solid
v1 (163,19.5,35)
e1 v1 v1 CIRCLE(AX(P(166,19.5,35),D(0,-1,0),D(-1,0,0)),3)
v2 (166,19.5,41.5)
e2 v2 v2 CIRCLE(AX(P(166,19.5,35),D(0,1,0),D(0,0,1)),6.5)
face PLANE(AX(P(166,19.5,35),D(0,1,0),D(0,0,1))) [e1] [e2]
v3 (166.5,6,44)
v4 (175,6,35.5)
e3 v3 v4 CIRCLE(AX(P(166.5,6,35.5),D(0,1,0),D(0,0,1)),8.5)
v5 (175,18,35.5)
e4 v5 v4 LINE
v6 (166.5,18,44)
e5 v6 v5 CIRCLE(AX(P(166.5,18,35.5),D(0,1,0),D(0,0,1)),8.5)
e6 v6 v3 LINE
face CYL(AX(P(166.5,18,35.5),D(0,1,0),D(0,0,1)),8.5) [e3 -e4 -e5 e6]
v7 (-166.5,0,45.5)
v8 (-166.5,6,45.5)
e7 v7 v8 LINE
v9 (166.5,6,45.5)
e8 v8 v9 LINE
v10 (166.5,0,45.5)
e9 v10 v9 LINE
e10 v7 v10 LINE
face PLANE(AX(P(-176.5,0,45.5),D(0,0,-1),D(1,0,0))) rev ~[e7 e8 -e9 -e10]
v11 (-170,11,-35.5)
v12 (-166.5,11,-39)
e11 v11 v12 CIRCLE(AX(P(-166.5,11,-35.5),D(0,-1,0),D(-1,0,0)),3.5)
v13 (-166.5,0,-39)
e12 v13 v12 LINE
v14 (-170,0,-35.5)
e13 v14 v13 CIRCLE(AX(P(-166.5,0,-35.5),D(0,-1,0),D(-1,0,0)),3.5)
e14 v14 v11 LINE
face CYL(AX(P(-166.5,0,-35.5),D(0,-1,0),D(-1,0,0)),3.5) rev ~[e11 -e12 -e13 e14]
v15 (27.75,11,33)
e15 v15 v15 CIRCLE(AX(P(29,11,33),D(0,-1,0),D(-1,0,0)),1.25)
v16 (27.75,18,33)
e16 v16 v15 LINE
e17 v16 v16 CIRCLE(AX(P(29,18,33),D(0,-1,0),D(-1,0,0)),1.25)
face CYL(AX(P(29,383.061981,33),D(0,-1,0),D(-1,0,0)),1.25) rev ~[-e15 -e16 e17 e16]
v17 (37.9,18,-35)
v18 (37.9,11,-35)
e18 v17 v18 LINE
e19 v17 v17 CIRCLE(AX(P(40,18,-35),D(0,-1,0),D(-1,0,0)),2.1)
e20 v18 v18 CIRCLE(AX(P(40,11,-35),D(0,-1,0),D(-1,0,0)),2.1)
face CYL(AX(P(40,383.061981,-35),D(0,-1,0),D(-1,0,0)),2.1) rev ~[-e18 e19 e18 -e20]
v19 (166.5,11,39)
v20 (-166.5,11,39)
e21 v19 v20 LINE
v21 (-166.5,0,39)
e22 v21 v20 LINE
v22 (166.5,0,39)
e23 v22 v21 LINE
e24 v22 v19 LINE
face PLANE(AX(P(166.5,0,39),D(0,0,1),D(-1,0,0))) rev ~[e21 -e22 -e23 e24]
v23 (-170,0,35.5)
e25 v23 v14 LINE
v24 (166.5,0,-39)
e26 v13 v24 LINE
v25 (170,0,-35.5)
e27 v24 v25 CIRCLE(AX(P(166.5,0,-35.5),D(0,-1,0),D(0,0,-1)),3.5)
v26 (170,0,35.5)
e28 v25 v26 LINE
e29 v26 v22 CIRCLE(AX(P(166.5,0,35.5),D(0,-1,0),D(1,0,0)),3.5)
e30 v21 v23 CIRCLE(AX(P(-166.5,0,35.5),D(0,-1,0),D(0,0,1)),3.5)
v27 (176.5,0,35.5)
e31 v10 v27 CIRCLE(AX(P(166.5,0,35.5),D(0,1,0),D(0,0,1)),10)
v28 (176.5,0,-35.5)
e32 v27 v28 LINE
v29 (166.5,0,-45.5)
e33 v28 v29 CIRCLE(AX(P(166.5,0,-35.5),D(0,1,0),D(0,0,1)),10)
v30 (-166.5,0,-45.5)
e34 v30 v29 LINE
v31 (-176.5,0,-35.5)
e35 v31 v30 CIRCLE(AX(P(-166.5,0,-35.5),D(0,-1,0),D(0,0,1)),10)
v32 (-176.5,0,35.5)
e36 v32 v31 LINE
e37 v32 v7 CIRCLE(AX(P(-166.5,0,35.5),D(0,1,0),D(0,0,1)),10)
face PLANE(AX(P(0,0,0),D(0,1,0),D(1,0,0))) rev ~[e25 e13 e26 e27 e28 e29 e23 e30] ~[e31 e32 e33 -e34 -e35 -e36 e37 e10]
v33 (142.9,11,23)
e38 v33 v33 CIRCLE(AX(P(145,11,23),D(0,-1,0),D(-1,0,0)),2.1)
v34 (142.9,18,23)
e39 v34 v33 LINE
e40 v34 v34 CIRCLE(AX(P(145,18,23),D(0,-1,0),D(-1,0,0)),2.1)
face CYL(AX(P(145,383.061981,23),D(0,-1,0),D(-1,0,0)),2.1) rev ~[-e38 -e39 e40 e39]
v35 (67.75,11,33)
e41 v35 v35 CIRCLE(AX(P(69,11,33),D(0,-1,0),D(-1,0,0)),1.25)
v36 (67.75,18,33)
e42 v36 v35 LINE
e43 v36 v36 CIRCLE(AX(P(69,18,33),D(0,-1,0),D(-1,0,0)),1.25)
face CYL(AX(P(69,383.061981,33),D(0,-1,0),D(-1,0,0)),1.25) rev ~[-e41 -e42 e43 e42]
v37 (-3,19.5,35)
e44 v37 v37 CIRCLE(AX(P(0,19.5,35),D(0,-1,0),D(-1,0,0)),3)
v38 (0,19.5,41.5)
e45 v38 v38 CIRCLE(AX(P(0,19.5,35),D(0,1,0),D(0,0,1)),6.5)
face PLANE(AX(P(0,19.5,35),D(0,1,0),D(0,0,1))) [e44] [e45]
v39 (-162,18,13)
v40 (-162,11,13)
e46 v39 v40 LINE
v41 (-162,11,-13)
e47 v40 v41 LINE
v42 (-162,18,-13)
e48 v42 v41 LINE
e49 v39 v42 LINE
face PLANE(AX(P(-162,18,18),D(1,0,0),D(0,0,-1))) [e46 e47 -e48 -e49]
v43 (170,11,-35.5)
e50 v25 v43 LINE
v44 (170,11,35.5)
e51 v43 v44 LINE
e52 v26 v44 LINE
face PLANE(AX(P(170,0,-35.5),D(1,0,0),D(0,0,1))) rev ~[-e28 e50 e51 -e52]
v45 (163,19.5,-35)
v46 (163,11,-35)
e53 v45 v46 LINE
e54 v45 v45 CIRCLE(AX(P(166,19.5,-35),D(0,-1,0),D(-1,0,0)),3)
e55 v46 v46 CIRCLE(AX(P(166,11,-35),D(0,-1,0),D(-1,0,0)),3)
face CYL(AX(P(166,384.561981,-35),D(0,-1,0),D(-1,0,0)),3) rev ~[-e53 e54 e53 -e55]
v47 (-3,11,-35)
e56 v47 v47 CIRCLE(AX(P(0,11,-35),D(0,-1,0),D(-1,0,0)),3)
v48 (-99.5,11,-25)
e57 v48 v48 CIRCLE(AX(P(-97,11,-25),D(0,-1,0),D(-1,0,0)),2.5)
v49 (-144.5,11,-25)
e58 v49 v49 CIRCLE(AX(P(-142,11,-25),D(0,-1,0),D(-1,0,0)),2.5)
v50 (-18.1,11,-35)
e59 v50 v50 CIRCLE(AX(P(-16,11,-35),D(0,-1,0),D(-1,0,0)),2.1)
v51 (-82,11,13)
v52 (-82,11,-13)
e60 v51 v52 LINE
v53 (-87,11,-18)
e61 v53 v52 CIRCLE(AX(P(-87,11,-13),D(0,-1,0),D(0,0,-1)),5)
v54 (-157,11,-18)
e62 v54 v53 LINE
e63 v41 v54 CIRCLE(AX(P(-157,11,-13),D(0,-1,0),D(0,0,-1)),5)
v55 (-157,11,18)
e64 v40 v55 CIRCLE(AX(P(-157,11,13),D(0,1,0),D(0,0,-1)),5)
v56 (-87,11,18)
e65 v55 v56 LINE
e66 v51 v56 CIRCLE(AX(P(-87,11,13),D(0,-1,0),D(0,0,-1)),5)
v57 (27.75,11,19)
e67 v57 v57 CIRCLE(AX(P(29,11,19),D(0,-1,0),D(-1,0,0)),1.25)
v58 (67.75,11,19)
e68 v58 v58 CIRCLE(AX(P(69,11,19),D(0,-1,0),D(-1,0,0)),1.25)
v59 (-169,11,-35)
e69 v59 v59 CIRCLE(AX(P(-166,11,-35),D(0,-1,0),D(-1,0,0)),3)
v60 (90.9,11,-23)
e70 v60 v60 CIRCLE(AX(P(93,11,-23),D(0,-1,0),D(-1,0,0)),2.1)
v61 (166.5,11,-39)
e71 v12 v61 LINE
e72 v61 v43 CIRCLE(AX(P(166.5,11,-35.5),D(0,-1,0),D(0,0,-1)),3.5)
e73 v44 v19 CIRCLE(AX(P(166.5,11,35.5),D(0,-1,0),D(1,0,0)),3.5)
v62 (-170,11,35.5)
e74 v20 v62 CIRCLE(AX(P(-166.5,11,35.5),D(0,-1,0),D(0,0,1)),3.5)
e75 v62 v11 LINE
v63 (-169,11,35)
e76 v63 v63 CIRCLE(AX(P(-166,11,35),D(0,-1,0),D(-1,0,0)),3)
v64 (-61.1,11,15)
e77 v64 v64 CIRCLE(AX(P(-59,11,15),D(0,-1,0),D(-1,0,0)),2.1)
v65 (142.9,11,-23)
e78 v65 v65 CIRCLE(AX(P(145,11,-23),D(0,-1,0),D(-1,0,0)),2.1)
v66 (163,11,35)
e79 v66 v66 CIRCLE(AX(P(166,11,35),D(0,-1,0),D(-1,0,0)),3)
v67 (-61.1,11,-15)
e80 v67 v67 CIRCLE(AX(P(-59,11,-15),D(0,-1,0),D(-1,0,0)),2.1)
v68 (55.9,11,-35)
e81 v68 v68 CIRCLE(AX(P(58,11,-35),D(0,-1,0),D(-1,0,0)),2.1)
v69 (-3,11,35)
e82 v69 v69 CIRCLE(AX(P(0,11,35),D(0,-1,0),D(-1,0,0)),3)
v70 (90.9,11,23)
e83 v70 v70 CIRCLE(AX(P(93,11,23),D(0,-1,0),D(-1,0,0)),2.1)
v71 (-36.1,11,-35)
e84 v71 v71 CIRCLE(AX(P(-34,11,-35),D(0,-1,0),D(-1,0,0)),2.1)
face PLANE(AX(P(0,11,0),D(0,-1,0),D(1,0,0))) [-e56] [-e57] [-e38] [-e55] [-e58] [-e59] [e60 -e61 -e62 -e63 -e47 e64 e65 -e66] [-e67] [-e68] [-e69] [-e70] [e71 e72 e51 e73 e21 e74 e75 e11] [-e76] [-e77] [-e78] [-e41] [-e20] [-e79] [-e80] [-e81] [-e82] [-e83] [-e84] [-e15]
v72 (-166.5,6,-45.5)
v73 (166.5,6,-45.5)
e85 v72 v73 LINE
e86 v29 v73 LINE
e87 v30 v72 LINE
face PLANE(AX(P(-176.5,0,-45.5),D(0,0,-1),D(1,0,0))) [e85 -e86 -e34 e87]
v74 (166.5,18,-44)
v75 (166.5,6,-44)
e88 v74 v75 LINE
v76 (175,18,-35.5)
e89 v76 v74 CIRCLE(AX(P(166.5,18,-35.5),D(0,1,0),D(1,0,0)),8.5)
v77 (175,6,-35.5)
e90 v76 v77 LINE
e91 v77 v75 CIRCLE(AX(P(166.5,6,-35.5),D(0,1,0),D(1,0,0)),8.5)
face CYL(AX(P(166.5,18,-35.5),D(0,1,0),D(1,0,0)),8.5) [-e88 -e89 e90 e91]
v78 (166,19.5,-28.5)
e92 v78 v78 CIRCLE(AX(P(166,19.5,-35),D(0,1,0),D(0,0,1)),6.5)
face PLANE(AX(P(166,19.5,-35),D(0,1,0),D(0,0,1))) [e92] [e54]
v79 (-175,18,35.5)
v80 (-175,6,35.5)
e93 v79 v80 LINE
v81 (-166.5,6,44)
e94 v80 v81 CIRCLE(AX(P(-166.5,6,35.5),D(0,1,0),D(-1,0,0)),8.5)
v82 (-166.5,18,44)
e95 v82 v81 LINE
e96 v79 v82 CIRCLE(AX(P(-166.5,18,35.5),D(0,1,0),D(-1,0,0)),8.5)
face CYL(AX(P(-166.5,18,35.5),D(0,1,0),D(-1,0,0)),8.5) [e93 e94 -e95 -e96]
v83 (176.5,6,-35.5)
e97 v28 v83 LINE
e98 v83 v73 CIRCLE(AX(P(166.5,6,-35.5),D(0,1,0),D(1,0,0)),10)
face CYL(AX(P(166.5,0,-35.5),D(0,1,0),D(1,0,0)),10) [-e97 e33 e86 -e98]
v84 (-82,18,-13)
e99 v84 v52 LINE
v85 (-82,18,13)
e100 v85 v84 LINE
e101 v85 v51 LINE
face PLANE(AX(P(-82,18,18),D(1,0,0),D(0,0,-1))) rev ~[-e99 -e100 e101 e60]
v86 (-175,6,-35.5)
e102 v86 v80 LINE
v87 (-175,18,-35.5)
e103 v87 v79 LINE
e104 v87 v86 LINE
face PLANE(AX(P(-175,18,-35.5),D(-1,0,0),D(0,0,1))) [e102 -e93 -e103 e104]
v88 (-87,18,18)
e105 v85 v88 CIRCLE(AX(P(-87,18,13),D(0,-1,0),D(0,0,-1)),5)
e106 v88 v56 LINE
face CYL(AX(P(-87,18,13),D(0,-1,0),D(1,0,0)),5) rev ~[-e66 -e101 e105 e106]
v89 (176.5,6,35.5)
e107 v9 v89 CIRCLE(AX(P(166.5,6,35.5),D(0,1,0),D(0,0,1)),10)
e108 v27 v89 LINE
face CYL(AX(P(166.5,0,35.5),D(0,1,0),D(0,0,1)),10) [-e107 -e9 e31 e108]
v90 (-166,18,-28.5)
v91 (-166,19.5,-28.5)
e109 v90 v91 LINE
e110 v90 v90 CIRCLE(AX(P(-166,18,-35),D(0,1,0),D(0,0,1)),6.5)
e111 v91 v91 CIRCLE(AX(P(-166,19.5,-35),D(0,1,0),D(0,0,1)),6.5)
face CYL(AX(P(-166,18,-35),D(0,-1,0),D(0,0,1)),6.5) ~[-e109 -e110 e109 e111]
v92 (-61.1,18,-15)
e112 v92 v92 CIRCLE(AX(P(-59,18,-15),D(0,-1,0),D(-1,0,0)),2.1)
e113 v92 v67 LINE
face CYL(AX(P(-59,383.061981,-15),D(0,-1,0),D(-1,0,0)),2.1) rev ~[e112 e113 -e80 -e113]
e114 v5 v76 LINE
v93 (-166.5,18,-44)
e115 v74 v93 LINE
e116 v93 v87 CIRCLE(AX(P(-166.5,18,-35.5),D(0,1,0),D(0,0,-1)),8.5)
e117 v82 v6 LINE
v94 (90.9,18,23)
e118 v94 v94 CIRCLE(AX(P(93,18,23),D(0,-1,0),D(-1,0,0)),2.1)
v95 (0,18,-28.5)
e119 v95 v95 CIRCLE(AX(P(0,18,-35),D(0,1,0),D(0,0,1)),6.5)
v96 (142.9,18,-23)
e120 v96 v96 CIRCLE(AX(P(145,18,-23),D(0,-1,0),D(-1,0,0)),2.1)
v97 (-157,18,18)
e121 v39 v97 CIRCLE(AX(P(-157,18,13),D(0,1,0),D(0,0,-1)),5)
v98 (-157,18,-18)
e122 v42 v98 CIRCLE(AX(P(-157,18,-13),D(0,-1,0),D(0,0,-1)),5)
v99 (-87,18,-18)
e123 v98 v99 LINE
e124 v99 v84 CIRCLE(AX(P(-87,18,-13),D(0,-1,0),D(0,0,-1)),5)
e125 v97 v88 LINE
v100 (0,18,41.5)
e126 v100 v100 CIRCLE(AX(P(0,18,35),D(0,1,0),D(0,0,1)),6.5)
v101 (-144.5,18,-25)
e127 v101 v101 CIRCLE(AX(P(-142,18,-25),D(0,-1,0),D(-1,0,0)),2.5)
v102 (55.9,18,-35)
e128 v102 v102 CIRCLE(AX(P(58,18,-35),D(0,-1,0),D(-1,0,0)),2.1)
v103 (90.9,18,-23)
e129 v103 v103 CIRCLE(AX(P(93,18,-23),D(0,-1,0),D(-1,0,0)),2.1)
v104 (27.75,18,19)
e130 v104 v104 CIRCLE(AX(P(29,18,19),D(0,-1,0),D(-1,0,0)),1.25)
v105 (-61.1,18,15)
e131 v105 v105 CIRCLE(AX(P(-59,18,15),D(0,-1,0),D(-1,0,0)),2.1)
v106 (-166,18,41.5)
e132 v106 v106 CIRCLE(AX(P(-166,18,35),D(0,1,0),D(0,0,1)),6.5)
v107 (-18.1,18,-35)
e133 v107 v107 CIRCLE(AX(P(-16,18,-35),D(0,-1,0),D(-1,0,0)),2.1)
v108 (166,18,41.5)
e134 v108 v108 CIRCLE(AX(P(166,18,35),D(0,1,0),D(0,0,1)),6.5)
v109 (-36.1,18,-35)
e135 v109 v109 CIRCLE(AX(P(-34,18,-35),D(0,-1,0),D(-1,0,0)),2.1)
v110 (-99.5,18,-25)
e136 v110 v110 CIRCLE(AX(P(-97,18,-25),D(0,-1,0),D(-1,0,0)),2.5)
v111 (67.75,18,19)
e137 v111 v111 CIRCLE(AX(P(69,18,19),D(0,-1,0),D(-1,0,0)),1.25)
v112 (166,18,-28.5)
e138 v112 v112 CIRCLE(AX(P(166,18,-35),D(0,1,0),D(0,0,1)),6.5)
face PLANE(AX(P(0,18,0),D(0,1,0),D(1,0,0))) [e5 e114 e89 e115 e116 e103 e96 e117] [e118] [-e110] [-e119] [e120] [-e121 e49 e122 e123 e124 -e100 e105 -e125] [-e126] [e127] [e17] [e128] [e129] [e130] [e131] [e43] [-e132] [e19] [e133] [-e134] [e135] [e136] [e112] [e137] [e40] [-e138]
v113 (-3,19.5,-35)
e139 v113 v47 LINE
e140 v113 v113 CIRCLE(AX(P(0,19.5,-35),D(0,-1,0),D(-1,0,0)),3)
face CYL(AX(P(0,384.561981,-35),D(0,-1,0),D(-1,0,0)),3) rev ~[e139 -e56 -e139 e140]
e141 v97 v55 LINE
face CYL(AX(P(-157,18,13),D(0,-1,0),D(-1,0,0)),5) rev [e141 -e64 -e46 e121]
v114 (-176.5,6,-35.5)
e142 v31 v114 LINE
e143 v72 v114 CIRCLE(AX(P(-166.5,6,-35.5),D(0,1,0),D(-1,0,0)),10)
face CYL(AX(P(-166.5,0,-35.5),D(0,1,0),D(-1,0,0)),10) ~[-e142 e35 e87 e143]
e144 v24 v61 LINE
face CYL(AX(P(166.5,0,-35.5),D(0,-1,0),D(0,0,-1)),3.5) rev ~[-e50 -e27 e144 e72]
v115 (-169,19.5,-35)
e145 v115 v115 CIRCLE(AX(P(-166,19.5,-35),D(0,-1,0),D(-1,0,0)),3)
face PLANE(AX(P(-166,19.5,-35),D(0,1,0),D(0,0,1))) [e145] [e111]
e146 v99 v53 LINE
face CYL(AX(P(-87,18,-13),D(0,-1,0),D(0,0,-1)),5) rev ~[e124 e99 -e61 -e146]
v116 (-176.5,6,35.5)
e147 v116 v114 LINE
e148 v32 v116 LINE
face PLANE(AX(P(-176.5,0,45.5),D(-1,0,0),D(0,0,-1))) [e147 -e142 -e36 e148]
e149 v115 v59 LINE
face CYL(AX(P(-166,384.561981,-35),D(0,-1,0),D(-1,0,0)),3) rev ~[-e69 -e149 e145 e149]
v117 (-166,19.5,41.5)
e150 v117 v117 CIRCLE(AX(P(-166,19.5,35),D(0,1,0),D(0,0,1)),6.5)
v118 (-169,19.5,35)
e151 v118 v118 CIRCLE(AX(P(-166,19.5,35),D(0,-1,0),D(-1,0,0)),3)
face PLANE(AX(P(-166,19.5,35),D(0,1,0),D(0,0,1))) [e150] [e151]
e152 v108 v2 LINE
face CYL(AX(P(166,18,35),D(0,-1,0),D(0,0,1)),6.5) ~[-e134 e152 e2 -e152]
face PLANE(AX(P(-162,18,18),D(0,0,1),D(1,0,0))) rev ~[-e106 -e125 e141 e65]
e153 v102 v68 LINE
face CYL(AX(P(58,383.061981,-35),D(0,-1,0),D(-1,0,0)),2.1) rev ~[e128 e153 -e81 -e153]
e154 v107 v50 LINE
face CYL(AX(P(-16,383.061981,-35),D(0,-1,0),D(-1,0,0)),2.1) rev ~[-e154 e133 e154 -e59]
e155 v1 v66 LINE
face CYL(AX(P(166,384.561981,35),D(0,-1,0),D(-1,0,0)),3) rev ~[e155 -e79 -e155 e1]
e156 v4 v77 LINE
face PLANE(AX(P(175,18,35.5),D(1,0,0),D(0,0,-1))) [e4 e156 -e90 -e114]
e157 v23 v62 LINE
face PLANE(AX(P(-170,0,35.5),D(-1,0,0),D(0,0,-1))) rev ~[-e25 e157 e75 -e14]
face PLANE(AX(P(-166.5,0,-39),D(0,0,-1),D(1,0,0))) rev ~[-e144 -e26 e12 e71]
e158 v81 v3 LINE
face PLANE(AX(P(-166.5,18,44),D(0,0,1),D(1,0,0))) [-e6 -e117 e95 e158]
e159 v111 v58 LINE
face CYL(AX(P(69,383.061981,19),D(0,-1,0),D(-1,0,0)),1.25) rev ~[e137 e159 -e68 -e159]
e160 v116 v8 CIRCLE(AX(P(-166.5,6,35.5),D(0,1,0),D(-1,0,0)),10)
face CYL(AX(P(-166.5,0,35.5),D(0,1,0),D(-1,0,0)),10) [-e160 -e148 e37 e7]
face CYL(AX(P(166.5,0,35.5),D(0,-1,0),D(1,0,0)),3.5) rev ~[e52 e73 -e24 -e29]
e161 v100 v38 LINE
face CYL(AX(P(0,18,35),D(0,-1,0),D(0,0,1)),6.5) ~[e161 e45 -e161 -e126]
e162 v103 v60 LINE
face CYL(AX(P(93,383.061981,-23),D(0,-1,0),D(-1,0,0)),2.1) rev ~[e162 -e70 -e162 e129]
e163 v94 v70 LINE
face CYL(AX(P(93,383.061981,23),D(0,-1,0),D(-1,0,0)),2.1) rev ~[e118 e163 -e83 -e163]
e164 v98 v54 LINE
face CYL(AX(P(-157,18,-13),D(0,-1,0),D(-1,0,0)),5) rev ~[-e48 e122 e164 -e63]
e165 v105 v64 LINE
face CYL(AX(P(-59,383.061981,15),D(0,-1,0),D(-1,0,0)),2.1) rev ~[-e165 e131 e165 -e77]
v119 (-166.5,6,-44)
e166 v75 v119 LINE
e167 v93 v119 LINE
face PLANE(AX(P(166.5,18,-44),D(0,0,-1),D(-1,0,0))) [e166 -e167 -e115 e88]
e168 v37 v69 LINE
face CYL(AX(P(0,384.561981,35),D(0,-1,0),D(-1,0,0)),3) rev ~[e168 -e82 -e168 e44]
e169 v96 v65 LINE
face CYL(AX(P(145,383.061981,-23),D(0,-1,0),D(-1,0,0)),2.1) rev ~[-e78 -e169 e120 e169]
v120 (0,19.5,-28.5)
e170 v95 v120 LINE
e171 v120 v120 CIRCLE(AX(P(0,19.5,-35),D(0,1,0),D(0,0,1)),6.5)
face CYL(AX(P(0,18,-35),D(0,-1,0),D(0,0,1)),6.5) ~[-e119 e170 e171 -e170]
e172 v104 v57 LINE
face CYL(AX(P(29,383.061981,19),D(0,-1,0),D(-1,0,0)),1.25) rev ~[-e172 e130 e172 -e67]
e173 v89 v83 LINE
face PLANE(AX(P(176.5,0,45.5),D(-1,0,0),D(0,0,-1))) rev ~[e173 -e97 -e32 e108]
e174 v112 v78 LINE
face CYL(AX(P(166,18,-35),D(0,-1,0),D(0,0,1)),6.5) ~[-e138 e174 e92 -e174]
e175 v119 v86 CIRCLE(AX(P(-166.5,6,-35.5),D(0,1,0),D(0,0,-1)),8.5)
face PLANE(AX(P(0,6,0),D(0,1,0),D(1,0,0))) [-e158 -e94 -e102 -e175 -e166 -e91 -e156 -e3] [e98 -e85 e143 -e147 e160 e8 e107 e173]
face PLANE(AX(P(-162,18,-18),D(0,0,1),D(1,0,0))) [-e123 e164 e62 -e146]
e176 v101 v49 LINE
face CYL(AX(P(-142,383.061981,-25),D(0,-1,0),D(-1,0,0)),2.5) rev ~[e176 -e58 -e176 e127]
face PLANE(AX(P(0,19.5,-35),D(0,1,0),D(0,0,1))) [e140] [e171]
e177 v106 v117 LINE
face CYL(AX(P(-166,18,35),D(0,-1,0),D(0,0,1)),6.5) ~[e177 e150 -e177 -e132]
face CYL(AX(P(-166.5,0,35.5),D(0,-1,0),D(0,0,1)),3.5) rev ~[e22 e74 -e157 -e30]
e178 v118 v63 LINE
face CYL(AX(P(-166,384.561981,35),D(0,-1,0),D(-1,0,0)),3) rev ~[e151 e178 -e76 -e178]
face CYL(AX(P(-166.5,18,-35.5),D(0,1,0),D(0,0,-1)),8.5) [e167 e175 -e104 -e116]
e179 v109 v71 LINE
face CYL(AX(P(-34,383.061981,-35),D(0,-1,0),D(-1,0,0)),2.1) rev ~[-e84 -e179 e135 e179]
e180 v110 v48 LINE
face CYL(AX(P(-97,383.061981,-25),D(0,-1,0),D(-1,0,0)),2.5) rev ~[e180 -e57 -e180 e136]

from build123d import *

# Parameters (mm, degrees)
SKETCH1_W                = 353
SKETCH1_H                = 91
BOSS_EXTRUDE1_DEPTH      = 18
FILLET1_R                = 10
SKETCH3_OUTSIDE_W        = 427.996
SKETCH3_OUTSIDE_H        = 165.996
CUT_EXTRUDE1_DEPTH       = 12
CUT_EXTRUDE2_DEPTH       = 11
SKETCH5_R                = 6.5
BOSS_EXTRUDE2_DEPTH      = 1.5
CUT_EXTRUDE3_REACH       = 185.157
SKETCH8_W                = 80
SKETCH8_H                = 36
FILLET2_R                = 5
F_6_0_6_DIAMETER_HOLE1_D = 6
M5X0_8_TAPPED_HOLE1_D    = 4.2
M6X1_0_TAPPED_HOLE1_D    = 5
M3X0_5_TAPPED_HOLE1_D    = 2.5


with BuildPart() as part:
    # Sketch1 → Boss-Extrude1 (new body)
    with BuildSketch(Plane(origin=(0, 0, 0), x_dir=(1, 0, 0), z_dir=(0, 1, 0))):
        Rectangle(SKETCH1_W, SKETCH1_H)
    extrude(amount=BOSS_EXTRUDE1_DEPTH)

    # Fillet1
    fillet1_edges = [part.edges().sort_by_distance(p)[0] for p in [
        (-176.5, 9, -45.5),
        (176.5, 9, -45.5),
        (176.5, 9, 45.5),
        (-176.5, 9, 45.5),
    ]]
    fillet(fillet1_edges, radius=FILLET1_R)

    # Sketch3 outside → Cut-Extrude1 (cut)
    with BuildSketch(Plane(origin=(0, 18, 0), x_dir=(1, 0, 0), z_dir=(0, 1, 0))):
        Rectangle(SKETCH3_OUTSIDE_W, SKETCH3_OUTSIDE_H)
        with BuildLine():
            Line((-175, 35.5), (-175, -35.5))
            ThreePointArc((-175, -35.5), (-172.51040764, -41.51040764), (-166.5, -44))
            Line((-166.5, -44), (166.5, -44))
            ThreePointArc((166.5, -44), (172.51040764, -41.51040764), (175, -35.5))
            Line((175, -35.5), (175, 35.5))
            ThreePointArc((175, 35.5), (172.51040764, 41.51040764), (166.5, 44))
            Line((166.5, 44), (-166.5, 44))
            ThreePointArc((-166.5, 44), (-172.51040764, 41.51040764), (-175, 35.5))
        make_face(mode=Mode.SUBTRACT)
    extrude(amount=-CUT_EXTRUDE1_DEPTH, mode=Mode.SUBTRACT)

    # Sketch4 → Cut-Extrude2 (cut)
    with BuildSketch(Plane.XZ):
        with BuildLine():
            Line((-170, 35.5), (-170, -35.5))
            ThreePointArc((-170, -35.5), (-168.974873734, -37.974873734), (-166.5, -39))
            Line((-166.5, -39), (166.5, -39))
            ThreePointArc((166.5, -39), (168.974873734, -37.974873734), (170, -35.5))
            Line((170, -35.5), (170, 35.5))
            ThreePointArc((170, 35.5), (168.974873734, 37.974873734), (166.5, 39))
            Line((166.5, 39), (-166.5, 39))
            ThreePointArc((-166.5, 39), (-168.974873734, 37.974873734), (-170, 35.5))
        make_face()
    extrude(amount=-CUT_EXTRUDE2_DEPTH, mode=Mode.SUBTRACT)

    # Sketch5 → Boss-Extrude2 (add)
    with BuildSketch(Plane(origin=(0, 18, 0), x_dir=(1, 0, 0), z_dir=(0, 1, 0))):
        with Locations(Location((-166, 35, 0), (0, 0, 270))):
            Circle(SKETCH5_R)
        with Locations(Location((-166, -35, 0), (0, 0, 270))):
            Circle(SKETCH5_R)
        with Locations(Location((0, 35, 0), (0, 0, 270))):
            Circle(SKETCH5_R)
        with Locations(Location((0, -35, 0), (0, 0, 270))):
            Circle(SKETCH5_R)
        with Locations(Location((166, 35, 0), (0, 0, 270))):
            Circle(SKETCH5_R)
        with Locations(Location((166, -35, 0), (0, 0, 270))):
            Circle(SKETCH5_R)
    extrude(amount=BOSS_EXTRUDE2_DEPTH)

    # Sketch8 → Cut-Extrude3 (cut, up to next)
    with BuildSketch(Plane(origin=(0, 18, 0), x_dir=(1, 0, 0), z_dir=(0, 1, 0)), mode=Mode.PRIVATE) as cut_extrude3_sk1:
        with Locations((-122, 0)):
            Rectangle(SKETCH8_W, SKETCH8_H)
    cut_extrude3_tool1 = extrude(cut_extrude3_sk1.sketch, amount=-CUT_EXTRUDE3_REACH, mode=Mode.PRIVATE) & part.part
    add(cut_extrude3_tool1.solids().sort_by_distance((-122, 18, 0))[0], mode=Mode.SUBTRACT)

    # Fillet2
    fillet2_edges = [part.edges().sort_by_distance(p)[0] for p in [
        (-162, 14.5, 18),
        (-162, 14.5, -18),
        (-82, 14.5, -18),
        (-82, 14.5, 18),
    ]]
    fillet(fillet2_edges, radius=FILLET2_R)

    # Ø6.0 (6) Diameter Hole1 (through all)
    with Locations(Plane(origin=(0, 19.5, 0), x_dir=(1, 0, 0), z_dir=(0, 1, 0))):
        with Locations((-166, -35), (-166, 35), (0, 35), (0, -35), (166, 35), (166, -35)):
            Hole(F_6_0_6_DIAMETER_HOLE1_D / 2)

    # M5x0.8 Tapped Hole1 (through all)
    with Locations(Plane(origin=(0, 18, 0), x_dir=(1, 0, 0), z_dir=(0, 1, 0))):
        with Locations((-34, 35), (-16, 35), (40, 35), (58, 35), (-59, 15), (-59, -15), (93, -23), (145, -23), (145, 23), (93, 23)):
            Hole(M5X0_8_TAPPED_HOLE1_D / 2)

    # M6x1.0 Tapped Hole1 (through all)
    with Locations(Plane(origin=(0, 18, 0), x_dir=(1, 0, 0), z_dir=(0, 1, 0))):
        with Locations((-142, 25), (-97, 25)):
            Hole(M6X1_0_TAPPED_HOLE1_D / 2)

    # M3x0.5 Tapped Hole1 (through all)
    with Locations(Plane(origin=(0, 18, 0), x_dir=(1, 0, 0), z_dir=(0, 1, 0))):
        with Locations((29, -33), (69, -33), (69, -19), (29, -19)):
            Hole(M3X0_5_TAPPED_HOLE1_D / 2)


solid = part.part
